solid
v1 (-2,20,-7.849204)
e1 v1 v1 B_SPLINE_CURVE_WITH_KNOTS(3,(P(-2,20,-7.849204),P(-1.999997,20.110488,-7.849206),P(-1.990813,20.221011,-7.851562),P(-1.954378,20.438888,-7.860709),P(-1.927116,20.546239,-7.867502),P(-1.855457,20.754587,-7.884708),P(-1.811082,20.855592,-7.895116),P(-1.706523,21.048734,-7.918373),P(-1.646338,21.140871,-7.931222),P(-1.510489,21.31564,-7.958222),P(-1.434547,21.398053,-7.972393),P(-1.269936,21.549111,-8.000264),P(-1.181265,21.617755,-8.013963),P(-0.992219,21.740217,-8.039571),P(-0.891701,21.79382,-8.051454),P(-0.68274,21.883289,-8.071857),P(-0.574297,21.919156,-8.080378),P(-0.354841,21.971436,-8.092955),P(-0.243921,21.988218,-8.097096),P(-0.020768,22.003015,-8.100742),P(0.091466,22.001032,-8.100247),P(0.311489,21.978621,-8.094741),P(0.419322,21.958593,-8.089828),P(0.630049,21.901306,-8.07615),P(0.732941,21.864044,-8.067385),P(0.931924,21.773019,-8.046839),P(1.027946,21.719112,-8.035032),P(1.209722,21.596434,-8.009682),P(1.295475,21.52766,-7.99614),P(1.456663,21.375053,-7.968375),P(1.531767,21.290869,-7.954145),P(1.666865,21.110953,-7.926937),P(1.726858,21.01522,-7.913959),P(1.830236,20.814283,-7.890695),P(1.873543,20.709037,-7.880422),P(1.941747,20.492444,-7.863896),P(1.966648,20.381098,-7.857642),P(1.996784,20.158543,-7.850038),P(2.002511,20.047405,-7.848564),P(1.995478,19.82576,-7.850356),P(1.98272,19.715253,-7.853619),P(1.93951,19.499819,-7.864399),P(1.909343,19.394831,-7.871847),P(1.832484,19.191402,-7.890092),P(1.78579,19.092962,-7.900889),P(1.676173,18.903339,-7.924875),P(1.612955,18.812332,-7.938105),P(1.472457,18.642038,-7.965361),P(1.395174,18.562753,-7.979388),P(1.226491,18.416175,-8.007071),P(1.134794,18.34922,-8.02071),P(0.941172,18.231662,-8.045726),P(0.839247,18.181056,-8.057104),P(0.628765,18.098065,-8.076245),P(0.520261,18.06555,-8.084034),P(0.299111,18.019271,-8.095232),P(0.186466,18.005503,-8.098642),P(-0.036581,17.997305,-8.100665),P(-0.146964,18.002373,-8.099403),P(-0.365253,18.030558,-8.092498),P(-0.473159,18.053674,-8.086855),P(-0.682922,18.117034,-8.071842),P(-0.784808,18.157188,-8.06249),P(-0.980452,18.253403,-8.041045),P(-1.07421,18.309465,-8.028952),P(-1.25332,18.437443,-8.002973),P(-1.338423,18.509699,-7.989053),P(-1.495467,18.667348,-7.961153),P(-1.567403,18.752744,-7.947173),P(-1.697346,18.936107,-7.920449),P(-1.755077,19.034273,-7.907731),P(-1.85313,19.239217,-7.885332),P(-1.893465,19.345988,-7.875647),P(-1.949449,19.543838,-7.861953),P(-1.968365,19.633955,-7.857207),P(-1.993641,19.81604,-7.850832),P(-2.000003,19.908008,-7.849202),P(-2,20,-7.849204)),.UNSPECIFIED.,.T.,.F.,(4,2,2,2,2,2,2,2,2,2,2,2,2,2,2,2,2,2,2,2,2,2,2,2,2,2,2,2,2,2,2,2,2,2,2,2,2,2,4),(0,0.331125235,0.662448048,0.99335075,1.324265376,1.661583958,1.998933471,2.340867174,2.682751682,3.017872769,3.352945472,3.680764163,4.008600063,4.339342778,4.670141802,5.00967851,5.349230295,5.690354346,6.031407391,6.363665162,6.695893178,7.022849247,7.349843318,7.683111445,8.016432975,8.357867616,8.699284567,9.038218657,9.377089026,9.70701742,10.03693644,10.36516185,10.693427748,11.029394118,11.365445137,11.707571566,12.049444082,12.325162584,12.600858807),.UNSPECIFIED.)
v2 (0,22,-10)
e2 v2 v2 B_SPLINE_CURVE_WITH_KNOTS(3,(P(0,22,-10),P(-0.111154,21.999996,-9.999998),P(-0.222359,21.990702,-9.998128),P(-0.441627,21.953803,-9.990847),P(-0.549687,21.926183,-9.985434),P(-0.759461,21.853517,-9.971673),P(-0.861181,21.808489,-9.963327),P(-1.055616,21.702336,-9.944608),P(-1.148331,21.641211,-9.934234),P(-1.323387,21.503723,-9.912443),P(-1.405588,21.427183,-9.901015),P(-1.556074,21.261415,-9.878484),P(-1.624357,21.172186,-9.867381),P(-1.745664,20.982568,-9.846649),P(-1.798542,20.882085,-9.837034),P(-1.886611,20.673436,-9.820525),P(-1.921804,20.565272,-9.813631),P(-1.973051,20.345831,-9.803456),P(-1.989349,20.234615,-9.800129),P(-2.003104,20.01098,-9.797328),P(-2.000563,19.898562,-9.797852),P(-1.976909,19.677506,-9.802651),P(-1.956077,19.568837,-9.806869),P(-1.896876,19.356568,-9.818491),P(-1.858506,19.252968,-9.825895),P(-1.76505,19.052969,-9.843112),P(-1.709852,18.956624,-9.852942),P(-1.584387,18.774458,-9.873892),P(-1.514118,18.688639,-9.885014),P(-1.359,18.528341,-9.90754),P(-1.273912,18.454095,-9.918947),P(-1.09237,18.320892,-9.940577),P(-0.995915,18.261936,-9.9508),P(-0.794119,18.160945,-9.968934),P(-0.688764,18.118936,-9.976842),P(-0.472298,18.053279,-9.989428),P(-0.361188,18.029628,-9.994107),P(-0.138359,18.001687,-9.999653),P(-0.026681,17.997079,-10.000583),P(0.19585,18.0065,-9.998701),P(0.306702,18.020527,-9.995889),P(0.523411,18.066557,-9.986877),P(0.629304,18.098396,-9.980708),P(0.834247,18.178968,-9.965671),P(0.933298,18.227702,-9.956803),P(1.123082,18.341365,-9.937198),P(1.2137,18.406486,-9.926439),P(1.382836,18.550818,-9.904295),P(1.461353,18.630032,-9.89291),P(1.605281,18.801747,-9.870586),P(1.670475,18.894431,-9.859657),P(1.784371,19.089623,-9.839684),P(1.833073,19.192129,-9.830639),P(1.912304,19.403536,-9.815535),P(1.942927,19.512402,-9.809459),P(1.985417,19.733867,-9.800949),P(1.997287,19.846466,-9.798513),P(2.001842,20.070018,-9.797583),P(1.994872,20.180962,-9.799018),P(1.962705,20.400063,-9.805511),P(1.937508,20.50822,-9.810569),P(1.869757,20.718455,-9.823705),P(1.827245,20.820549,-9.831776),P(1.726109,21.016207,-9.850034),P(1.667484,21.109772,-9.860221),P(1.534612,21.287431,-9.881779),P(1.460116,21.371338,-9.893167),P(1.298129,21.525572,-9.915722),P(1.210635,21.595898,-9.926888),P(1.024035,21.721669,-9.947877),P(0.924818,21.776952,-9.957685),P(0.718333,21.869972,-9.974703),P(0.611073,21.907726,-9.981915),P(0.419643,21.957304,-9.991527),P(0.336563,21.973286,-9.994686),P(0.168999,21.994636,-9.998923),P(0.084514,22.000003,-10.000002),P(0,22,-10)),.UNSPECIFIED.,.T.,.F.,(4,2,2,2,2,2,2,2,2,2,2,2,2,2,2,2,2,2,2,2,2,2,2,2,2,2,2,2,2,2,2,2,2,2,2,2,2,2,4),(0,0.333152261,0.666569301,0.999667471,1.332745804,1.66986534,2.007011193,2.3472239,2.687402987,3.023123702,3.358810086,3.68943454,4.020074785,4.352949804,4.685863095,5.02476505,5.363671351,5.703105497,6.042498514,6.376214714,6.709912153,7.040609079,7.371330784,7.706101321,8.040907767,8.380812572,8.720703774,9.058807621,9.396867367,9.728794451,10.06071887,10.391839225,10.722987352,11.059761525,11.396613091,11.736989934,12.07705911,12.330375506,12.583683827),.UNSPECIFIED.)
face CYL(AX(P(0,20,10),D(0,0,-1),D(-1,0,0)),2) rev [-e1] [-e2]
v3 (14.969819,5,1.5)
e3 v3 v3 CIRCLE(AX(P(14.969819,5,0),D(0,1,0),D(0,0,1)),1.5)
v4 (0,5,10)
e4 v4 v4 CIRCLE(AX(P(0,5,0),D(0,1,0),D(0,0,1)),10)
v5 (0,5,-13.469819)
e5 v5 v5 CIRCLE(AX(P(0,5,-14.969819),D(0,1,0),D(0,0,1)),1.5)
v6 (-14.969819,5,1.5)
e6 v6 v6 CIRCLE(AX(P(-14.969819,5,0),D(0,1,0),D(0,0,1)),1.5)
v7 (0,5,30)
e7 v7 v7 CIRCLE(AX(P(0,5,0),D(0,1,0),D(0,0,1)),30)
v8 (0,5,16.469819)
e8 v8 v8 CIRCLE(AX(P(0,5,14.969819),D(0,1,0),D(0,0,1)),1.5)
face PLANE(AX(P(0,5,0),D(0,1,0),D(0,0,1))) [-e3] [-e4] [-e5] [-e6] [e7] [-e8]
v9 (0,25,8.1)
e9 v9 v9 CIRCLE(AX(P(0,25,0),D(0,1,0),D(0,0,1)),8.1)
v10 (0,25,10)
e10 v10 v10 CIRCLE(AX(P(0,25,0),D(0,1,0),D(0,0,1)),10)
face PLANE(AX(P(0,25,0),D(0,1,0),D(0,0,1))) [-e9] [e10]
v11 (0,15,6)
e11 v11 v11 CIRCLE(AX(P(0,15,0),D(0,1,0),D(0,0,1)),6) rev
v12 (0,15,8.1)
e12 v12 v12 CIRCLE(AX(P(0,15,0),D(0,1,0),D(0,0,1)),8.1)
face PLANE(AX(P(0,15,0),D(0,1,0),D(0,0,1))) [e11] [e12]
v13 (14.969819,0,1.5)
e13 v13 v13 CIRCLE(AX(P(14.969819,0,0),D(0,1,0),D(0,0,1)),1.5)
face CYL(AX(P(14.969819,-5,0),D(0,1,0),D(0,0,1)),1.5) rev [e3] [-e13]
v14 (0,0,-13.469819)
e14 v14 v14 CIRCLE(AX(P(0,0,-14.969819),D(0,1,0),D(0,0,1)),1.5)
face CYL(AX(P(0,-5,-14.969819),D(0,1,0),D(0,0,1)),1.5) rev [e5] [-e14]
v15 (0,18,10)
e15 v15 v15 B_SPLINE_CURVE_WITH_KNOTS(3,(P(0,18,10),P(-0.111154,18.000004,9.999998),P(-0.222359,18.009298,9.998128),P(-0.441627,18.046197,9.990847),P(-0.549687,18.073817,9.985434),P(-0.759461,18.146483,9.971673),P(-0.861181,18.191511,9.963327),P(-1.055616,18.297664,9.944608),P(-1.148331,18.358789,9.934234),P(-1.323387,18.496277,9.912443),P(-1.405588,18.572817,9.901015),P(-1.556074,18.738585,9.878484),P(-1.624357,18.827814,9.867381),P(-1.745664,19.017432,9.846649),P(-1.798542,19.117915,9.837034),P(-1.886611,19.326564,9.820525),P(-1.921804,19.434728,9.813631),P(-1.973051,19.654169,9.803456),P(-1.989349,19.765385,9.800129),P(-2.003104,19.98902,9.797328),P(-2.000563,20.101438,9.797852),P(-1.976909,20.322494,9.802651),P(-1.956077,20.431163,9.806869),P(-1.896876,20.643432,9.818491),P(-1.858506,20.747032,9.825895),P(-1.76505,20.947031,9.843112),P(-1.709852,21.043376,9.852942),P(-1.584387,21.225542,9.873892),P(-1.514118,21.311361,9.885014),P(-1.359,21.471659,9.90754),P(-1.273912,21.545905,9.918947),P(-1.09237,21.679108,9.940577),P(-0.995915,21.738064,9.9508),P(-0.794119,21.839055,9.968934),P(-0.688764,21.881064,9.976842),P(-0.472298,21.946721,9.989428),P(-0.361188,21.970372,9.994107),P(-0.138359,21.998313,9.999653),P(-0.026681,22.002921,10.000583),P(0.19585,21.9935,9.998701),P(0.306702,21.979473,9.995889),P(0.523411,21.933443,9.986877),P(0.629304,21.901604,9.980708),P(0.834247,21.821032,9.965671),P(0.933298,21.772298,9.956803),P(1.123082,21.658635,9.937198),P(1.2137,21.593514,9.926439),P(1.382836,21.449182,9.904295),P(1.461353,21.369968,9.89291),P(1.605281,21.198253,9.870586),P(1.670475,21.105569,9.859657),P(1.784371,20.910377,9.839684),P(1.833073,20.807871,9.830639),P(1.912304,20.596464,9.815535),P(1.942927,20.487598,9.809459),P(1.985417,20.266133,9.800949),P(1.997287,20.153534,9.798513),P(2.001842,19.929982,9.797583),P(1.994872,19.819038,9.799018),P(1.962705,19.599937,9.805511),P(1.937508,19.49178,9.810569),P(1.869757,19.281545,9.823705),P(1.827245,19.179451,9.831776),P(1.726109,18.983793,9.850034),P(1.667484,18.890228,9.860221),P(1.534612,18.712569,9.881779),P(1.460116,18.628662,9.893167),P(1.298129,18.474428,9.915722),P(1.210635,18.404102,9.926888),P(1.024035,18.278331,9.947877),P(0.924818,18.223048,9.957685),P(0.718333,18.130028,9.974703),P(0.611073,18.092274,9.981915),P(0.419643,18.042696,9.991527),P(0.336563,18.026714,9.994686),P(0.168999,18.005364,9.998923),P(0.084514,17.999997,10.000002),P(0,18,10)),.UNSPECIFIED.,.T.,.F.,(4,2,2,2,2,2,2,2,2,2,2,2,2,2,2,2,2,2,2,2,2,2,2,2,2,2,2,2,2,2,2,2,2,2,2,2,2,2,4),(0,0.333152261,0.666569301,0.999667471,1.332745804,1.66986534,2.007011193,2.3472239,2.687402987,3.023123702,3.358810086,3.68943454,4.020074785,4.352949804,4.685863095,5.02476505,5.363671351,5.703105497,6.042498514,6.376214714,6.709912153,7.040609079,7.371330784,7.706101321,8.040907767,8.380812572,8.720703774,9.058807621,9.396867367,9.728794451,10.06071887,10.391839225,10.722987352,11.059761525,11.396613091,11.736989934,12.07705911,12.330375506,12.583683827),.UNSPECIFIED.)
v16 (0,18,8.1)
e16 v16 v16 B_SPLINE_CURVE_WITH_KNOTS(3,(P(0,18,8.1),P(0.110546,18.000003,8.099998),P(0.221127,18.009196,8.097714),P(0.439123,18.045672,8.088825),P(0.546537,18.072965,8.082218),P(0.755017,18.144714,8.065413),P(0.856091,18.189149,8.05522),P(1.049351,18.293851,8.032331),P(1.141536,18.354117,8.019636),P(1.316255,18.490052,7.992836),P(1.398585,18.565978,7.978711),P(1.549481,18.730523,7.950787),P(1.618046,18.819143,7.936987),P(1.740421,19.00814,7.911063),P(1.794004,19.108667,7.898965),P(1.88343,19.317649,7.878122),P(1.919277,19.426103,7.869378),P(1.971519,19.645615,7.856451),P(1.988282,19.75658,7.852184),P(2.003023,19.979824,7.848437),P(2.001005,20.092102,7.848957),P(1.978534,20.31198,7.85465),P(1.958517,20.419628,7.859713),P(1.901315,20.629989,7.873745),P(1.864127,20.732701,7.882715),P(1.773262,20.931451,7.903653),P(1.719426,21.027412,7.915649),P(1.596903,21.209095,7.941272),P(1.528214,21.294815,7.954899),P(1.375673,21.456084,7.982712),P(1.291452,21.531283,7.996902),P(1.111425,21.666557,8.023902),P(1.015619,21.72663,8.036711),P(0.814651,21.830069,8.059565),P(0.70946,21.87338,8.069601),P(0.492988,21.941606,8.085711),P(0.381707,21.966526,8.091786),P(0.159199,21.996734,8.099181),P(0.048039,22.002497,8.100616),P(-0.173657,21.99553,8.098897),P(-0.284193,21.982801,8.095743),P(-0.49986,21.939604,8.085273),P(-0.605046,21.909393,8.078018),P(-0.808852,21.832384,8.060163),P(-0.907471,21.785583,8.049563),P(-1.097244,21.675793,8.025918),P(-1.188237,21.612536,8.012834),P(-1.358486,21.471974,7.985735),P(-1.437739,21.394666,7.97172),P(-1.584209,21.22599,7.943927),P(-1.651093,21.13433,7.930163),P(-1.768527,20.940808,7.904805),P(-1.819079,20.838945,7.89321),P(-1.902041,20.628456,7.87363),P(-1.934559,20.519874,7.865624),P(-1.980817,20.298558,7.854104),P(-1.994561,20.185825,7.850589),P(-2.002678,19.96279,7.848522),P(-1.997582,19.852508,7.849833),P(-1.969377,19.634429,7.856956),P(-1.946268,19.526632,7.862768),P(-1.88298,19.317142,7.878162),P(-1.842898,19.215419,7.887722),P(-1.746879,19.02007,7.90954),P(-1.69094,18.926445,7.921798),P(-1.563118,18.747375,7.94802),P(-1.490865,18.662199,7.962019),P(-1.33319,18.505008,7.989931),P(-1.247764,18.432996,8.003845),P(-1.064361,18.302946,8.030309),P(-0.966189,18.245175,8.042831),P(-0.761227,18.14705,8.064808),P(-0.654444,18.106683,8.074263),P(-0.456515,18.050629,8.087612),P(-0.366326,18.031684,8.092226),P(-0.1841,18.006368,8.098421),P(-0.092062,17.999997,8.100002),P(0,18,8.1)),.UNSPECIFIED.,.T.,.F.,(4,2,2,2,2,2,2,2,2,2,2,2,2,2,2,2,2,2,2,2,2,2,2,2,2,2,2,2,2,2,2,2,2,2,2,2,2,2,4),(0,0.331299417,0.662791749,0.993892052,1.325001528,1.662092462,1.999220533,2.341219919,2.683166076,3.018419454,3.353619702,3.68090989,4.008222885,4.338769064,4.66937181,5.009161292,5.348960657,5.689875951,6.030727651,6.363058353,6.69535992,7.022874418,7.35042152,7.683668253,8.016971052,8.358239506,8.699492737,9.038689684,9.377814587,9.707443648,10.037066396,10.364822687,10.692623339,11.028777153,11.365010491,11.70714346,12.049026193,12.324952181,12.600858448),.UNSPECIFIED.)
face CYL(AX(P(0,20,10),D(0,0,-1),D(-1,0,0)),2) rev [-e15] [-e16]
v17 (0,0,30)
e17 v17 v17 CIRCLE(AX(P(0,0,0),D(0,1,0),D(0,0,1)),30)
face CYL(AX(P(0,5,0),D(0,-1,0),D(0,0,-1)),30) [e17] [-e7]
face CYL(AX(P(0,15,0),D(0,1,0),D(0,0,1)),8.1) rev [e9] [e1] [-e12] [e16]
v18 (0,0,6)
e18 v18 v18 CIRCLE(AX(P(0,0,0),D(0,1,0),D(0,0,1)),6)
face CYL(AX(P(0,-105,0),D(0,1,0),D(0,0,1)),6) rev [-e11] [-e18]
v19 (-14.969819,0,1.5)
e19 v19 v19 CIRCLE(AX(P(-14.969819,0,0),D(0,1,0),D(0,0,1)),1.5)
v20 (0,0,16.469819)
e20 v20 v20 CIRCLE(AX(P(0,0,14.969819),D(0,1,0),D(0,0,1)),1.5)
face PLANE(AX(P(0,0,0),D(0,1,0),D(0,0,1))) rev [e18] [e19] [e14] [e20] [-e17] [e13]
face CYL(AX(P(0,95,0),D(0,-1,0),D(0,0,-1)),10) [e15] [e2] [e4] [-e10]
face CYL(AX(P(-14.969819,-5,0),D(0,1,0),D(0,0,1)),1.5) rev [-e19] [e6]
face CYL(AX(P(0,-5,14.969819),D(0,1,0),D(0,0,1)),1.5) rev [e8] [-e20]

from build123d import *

# Parameters (mm, degrees)
SKETCH1_R           = 30
BOSS_EXTRUDE1_DEPTH = 5
SKETCH2_R           = 10
BOSS_EXTRUDE2_DEPTH = 90
SKETCH4_R           = 6
CUT_EXTRUDE2_DEPTH  = 200
SKETCH5_R           = 1.5
CUT_EXTRUDE3_DEPTH  = 10
SKETCH6_R           = 8
CUT_EXTRUDE4_DEPTH  = 10
SKETCH8_R           = 2
CUT_EXTRUDE5_DEPTH  = 20
CUT_EXTRUDE6_START  = -70
SKETCH10_R          = 10
CUT_EXTRUDE6_DEPTH  = 70
SKETCH12_R          = 8.1
CUT_EXTRUDE7_DEPTH  = 10
SKETCH13_R          = 2
CUT_EXTRUDE8_DEPTH  = 20


with BuildPart() as part:
    # Sketch1 → Boss-Extrude1 (new body)
    with BuildSketch(Plane(origin=(0, 0, 0), x_dir=(1, 0, 0), z_dir=(0, 1, 0))):
        with Locations(Location((0, 0, 0), (0, 0, 270))):
            Circle(SKETCH1_R)
    extrude(amount=BOSS_EXTRUDE1_DEPTH)

    # Sketch2 → Boss-Extrude2 (add)
    with BuildSketch(Plane(origin=(0, 5, 0), x_dir=(1, 0, 0), z_dir=(0, 1, 0))):
        with Locations(Location((0, 0, 0), (0, 0, 90))):
            Circle(SKETCH2_R)
    extrude(amount=BOSS_EXTRUDE2_DEPTH)

    # Sketch4 → Cut-Extrude2 (cut)
    with BuildSketch(Plane(origin=(0, 95, 0), x_dir=(1, 0, 0), z_dir=(0, 1, 0))):
        with Locations(Location((0, 0, 0), (0, 0, 270))):
            Circle(SKETCH4_R)
    extrude(amount=-CUT_EXTRUDE2_DEPTH, mode=Mode.SUBTRACT)

    # Sketch5 → Cut-Extrude3 (cut)
    with BuildSketch(Plane(origin=(0, 5, 0), x_dir=(1, 0, 0), z_dir=(0, 1, 0))):
        with Locations(Location((0, 14.969819474, 0), (0, 0, 270))):
            Circle(SKETCH5_R)
        with Locations(Location((14.969819474, 0, 0), (0, 0, 270))):
            Circle(SKETCH5_R)
        with Locations(Location((0, -14.969819474, 0), (0, 0, 270))):
            Circle(SKETCH5_R)
        with Locations(Location((-14.969819474, 0, 0), (0, 0, 270))):
            Circle(SKETCH5_R)
    extrude(amount=-CUT_EXTRUDE3_DEPTH, mode=Mode.SUBTRACT)

    # Sketch6 → Cut-Extrude4 (cut)
    with BuildSketch(Plane(origin=(0, 95, 0), x_dir=(1, 0, 0), z_dir=(0, 1, 0))):
        with Locations(Location((0, 0, 0), (0, 0, 270))):
            Circle(SKETCH6_R)
    extrude(amount=-CUT_EXTRUDE4_DEPTH, mode=Mode.SUBTRACT)

    # Sketch8 → Cut-Extrude5 (cut)
    with BuildSketch(Plane(origin=(0, 95, -10), x_dir=(-1, 0, 0), z_dir=(0, 0, -1))):
        with Locations((0, -5)):
            Circle(SKETCH8_R)
    extrude(amount=-CUT_EXTRUDE5_DEPTH, mode=Mode.SUBTRACT)

    # Sketch10 → Cut-Extrude6 (cut)
    with BuildSketch(Plane(origin=(0, 95, 0), x_dir=(1, 0, 0), z_dir=(0, 1, 0)).offset(CUT_EXTRUDE6_START)):
        with Locations(Location((0, 0, 0), (0, 0, 90))):
            Circle(SKETCH10_R)
    extrude(amount=CUT_EXTRUDE6_DEPTH, mode=Mode.SUBTRACT)

    # Sketch12 → Cut-Extrude7 (cut)
    with BuildSketch(Plane(origin=(0, 25, 0), x_dir=(1, 0, 0), z_dir=(0, 1, 0))):
        with Locations(Location((0, 0, 0), (0, 0, 270))):
            Circle(SKETCH12_R)
    extrude(amount=-CUT_EXTRUDE7_DEPTH, mode=Mode.SUBTRACT)

    # Sketch13 → Cut-Extrude8 (cut)
    with BuildSketch(Plane(origin=(0, 95, -10), x_dir=(-1, 0, 0), z_dir=(0, 0, -1))):
        with Locations((0, -75)):
            Circle(SKETCH13_R)
    extrude(amount=-CUT_EXTRUDE8_DEPTH, mode=Mode.SUBTRACT)


solid = part.part
